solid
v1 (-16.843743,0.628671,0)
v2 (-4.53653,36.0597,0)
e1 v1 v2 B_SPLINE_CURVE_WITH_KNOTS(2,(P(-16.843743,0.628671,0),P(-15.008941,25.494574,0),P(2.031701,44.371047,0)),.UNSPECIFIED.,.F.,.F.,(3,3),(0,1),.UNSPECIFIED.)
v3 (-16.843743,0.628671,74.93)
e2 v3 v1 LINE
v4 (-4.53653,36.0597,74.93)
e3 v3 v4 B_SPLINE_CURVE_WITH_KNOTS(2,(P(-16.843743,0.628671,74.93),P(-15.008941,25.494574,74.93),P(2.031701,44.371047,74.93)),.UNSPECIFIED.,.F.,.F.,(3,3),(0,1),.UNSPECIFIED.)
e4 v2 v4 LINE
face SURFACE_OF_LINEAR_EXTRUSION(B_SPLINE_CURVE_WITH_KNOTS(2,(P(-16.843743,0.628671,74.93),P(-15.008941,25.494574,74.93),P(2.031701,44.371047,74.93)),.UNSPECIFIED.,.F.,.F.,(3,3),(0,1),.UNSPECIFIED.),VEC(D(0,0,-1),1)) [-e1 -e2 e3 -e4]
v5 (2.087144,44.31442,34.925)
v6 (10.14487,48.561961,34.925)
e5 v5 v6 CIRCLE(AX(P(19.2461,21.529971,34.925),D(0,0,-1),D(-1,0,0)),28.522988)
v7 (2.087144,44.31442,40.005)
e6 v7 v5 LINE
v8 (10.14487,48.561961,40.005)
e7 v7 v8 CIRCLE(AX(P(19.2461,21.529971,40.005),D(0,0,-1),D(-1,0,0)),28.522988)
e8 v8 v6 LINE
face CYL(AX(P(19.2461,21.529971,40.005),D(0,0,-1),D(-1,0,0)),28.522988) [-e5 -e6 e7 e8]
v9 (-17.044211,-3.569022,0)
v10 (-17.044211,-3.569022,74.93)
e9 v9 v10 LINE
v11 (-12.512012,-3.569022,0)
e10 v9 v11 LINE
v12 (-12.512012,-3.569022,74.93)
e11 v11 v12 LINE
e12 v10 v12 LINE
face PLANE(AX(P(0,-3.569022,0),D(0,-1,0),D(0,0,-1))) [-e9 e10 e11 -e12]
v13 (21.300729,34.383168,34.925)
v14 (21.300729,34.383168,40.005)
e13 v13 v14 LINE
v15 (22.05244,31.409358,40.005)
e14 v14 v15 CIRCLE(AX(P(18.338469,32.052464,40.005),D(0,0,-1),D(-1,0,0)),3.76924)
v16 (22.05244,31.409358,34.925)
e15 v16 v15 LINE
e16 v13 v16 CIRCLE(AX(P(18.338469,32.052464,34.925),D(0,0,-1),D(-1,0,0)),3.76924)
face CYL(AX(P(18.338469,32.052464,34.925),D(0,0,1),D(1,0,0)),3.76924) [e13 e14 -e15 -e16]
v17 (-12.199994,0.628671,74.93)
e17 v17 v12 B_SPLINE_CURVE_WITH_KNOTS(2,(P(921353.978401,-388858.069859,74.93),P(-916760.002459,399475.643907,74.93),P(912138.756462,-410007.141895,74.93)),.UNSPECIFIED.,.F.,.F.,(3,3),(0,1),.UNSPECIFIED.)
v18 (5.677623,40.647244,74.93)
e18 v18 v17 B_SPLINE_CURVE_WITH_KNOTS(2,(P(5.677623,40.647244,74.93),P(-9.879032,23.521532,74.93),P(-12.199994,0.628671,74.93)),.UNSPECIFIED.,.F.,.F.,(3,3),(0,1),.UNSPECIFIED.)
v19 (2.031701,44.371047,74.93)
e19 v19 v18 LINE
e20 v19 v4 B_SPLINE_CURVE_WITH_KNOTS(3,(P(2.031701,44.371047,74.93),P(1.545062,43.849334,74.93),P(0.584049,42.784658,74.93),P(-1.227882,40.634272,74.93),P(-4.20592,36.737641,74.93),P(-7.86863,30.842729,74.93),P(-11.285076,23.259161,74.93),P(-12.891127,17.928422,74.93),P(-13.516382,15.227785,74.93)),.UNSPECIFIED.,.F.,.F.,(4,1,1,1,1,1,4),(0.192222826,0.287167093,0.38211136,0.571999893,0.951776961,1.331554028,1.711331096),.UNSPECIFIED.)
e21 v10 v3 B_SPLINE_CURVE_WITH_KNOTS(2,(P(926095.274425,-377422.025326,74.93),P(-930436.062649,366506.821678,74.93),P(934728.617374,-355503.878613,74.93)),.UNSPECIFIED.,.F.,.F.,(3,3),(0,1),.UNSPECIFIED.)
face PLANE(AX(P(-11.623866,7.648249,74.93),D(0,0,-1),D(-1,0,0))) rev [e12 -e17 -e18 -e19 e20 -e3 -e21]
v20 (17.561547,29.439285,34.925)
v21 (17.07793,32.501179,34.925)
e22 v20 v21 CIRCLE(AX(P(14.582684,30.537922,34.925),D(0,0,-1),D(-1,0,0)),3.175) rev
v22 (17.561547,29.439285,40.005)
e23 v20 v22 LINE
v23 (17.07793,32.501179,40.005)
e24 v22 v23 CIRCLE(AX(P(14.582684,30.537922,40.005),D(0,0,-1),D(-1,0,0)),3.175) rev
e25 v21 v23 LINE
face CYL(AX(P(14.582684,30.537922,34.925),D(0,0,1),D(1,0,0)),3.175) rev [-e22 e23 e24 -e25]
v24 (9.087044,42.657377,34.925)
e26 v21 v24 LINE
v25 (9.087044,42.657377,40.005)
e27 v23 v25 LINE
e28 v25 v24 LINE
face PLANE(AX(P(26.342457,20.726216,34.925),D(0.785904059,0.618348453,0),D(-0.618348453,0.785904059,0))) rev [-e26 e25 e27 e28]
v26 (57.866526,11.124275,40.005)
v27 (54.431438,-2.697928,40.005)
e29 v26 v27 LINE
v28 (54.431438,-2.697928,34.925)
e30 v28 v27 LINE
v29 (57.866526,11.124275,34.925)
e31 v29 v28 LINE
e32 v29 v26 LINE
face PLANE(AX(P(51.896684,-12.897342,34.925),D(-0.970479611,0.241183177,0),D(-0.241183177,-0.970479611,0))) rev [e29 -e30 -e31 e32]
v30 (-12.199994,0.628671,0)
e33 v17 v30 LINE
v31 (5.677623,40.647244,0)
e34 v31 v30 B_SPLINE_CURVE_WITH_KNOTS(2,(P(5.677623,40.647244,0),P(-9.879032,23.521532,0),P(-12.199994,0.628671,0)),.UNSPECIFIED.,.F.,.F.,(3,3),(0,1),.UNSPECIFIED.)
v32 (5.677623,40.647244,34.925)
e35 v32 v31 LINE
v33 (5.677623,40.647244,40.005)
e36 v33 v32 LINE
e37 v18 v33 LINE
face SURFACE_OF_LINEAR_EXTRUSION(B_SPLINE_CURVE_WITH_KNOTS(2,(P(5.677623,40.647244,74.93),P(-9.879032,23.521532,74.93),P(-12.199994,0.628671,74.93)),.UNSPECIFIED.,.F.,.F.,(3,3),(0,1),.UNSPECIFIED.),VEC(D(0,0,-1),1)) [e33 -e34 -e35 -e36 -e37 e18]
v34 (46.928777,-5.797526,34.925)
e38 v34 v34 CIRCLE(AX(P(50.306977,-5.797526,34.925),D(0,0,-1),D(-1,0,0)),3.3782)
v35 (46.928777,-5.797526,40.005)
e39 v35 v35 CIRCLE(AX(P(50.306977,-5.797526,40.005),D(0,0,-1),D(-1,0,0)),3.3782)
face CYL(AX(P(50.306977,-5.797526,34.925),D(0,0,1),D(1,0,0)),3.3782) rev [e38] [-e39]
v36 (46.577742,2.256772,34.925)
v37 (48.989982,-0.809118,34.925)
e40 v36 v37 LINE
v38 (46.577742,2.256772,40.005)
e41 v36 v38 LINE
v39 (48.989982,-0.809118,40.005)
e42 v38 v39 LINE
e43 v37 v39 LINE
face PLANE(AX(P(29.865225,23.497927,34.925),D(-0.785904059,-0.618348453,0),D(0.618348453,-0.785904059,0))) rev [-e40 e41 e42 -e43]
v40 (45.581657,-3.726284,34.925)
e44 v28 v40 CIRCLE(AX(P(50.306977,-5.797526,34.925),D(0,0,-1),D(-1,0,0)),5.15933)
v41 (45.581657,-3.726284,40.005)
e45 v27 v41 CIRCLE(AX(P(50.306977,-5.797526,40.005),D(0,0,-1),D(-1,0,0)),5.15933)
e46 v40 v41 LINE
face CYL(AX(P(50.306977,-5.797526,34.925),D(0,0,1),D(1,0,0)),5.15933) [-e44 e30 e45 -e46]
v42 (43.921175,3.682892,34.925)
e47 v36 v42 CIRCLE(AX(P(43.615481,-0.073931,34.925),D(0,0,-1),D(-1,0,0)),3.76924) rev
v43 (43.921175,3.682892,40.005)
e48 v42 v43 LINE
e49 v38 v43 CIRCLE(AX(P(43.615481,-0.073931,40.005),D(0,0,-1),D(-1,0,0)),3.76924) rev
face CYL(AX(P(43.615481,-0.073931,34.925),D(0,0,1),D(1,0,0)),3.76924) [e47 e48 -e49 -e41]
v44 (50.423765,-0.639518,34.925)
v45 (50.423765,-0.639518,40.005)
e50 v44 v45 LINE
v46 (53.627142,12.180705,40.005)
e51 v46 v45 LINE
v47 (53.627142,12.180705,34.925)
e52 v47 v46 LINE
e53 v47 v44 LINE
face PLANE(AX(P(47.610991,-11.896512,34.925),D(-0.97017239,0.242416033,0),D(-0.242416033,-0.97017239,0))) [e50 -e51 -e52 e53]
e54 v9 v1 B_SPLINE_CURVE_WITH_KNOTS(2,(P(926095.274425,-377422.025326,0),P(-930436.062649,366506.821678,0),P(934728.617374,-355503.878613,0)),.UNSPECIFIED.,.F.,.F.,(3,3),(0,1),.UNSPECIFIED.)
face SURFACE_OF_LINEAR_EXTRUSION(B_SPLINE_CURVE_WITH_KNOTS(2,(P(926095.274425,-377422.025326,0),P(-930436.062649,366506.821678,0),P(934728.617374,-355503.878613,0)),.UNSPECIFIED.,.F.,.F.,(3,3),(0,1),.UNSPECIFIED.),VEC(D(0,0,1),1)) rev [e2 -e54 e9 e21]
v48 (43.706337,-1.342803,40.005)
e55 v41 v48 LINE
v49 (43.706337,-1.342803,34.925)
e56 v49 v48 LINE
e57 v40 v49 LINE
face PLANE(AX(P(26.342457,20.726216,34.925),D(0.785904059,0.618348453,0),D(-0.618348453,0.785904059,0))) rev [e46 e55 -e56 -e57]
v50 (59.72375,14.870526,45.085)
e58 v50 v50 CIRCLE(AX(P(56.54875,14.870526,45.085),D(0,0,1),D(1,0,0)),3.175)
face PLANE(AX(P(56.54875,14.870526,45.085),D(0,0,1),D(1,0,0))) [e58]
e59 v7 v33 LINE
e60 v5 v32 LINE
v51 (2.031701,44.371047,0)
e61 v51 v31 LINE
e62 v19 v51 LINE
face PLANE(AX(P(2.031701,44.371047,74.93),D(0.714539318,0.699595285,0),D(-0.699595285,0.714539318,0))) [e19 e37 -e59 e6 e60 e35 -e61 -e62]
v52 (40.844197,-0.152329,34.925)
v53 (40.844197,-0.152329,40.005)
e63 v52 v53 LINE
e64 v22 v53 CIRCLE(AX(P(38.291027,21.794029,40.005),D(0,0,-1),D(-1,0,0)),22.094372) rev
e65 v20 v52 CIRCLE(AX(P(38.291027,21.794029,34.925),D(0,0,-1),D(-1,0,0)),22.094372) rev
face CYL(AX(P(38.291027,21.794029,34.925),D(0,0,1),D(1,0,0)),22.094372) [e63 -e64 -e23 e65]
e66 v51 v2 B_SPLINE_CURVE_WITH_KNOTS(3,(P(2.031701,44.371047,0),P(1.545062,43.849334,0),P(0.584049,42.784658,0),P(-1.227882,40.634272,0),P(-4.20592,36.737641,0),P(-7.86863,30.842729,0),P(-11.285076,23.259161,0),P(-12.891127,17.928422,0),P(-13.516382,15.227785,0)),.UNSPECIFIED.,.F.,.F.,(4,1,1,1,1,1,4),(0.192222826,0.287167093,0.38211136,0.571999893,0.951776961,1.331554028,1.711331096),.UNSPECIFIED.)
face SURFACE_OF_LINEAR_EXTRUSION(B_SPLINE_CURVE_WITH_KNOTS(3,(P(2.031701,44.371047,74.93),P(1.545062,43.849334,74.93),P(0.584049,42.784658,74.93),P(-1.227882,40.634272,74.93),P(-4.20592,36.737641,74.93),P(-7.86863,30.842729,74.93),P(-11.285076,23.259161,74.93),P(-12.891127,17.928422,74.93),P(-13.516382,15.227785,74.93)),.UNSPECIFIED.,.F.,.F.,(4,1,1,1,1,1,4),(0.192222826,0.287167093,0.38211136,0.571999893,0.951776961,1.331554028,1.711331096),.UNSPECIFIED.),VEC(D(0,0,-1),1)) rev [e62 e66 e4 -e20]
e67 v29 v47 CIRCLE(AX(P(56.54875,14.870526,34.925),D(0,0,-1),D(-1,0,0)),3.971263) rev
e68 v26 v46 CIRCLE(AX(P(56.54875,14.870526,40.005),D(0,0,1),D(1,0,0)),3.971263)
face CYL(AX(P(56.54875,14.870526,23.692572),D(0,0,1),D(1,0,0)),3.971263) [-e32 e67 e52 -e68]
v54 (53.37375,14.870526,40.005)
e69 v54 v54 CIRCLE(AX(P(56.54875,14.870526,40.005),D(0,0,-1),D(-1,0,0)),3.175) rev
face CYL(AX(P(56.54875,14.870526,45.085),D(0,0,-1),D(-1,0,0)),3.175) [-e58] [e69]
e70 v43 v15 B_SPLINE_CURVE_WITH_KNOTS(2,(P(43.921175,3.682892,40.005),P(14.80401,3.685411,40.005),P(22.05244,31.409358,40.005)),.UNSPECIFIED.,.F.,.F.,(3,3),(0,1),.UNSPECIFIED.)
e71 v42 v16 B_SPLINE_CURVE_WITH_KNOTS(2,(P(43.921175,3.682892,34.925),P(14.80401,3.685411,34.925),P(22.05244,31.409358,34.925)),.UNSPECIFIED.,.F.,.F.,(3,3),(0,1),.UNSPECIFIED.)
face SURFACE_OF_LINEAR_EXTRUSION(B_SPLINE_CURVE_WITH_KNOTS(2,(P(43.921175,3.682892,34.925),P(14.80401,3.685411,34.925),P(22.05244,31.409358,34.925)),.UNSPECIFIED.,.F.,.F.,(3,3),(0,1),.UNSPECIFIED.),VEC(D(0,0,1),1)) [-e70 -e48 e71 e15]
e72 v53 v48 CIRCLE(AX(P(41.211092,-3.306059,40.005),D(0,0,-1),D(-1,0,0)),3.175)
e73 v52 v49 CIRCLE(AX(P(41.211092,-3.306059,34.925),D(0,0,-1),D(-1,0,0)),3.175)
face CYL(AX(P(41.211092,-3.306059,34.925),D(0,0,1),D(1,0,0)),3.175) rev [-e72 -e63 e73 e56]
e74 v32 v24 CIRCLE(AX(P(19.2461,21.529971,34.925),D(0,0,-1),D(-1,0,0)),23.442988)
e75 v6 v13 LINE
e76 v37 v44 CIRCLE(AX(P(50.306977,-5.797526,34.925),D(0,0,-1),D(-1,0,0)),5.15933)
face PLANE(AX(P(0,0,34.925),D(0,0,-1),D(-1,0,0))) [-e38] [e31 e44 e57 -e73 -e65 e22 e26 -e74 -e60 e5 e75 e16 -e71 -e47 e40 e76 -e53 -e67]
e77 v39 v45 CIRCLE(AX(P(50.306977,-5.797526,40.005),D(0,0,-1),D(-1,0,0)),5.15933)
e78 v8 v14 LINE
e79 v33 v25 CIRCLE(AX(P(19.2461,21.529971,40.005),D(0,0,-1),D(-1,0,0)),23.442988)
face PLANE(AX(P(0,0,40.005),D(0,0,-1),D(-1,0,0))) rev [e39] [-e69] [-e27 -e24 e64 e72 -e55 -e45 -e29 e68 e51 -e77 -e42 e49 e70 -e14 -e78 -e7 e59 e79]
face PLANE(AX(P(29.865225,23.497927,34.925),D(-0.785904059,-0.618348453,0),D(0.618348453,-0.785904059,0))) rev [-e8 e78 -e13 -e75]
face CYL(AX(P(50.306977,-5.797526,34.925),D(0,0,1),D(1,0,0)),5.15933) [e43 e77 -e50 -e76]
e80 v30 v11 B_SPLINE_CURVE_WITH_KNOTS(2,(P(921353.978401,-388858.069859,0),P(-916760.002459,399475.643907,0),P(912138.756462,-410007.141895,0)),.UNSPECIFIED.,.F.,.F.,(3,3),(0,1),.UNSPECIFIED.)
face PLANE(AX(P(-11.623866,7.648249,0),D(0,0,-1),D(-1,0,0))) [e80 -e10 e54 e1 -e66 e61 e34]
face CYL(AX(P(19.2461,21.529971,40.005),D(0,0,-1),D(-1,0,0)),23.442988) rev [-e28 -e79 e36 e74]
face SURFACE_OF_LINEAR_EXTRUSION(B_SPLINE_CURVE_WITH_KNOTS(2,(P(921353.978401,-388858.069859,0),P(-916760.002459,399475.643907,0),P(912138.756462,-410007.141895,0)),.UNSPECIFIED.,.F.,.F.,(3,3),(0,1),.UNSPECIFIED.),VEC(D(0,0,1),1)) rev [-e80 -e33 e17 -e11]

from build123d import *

# Parameters (mm, degrees)
BOSS_EXTRUDE1_DEPTH      = 74.93
BOSS_EXTRUDE4_DEPTH      = 2.54
BOSS_EXTRUDE4_DEPTH_BACK = 2.54
BOSS_EXTRUDE6_DEPTH      = 74.93
BOSS_EXTRUDE7_DEPTH      = 74.93
SKETCH11_R               = 3.3782
BOSS_EXTRUDE8_DEPTH      = 2.54
SKETCH13_R               = 3.971263101
BOSS_EXTRUDE10_DEPTH     = 5.08
SKETCH12_R               = 3.175
BOSS_EXTRUDE9_DEPTH      = 5.08


with BuildPart() as part:
    # Sketch1 → Boss-Extrude1 (new body)
    with BuildSketch(Plane.XY):
        with BuildLine():
            Line((-16.295773791, 0.624640473), (-12.907508233, 0.624640473))
            Line((-12.907508233, 0.624640473), (-12.443267089, 3.164640473))
            add(Edge.make_bspline(
                [(-12.443267089, 3.164640473), (-12.30668745, 3.911907895), (-11.89696139, 6.153716378), (-11.35075536, 9.142778811), (-10.941162808, 11.384616955), (-10.804635025, 12.131895145)],
                knots=[0.002076118, 0.002076118, 0.002076118, 0.002076118, 0.004355051, 0.008912916, 0.011191849, 0.011191849, 0.011191849, 0.011191849], degree=3))
            add(Edge.make_bspline(
                [(-10.804635025, 12.131895145), (-10.131787944, 14.813925559), (-8.428636773, 20.08894476), (-4.769918918, 27.602373316), (-0.882056925, 33.370017928), (2.696640916, 37.629074894), (4.663596703, 39.6688962), (5.677623009, 40.647244333)],
                knots=[-0.595137067, -0.595137067, -0.595137067, -0.595137067, -0.254899084, 0.0853389, 0.425576884, 0.595695875, 0.765814867, 0.765814867, 0.765814867, 0.765814867], degree=3))
            Line((5.677623009, 40.647244333), (2.03170084, 44.371046934))
            add(Edge.make_bspline(
                [(2.03170084, 44.371046934), (1.545061943, 43.849333503), (0.584048879, 42.784657511), (-1.227882281, 40.634272171), (-4.205920413, 36.737641226), (-7.868630072, 30.842728735), (-11.285075765, 23.259160615), (-12.891126954, 17.928422411), (-13.516382283, 15.22778531)],
                knots=[0.192222826, 0.192222826, 0.192222826, 0.192222826, 0.287167093, 0.38211136, 0.571999893, 0.951776961, 1.331554028, 1.711331096, 1.711331096, 1.711331096, 1.711331096], degree=3))
            add(Edge.make_bspline(
                [(-13.516382283, 15.22778531), (-13.707651088, 14.222513225), (-14.09021448, 12.211975656), (-14.664139503, 9.196174334), (-15.238140346, 6.180406911), (-15.620861993, 4.169893716), (-15.812232602, 3.164640473)],
                knots=[-0.00268258, -0.00268258, -0.00268258, -0.00268258, 0.000387339, 0.003457258, 0.006527177, 0.009597097, 0.009597097, 0.009597097, 0.009597097], degree=3))
            Line((-15.812232602, 3.164640473), (-16.295773791, 0.624640473))
        make_face()
    extrude(amount=BOSS_EXTRUDE1_DEPTH)

    # Sketch4 → Boss-Extrude4 (add, two sides: drawn at the far end of the back side and taken through both)
    with BuildSketch(Plane(origin=(0, 0, 37.465), x_dir=(-1, 0, 0), z_dir=(0, 0, -1)).offset(-BOSS_EXTRUDE4_DEPTH_BACK)):
        with BuildLine():
            Line((-5.677623009, 40.647244333), (-2.087143894, 44.314419562))
            ThreePointArc((-2.087143894, 44.314419562), (-5.945357936, 46.761917563), (-10.144870483, 48.561961011))
            Line((-10.144870483, 48.561961011), (-12.342217859, 43.933321468))
            ThreePointArc((-12.342217859, 43.933321468), (-8.878894593, 42.556020468), (-5.677623009, 40.647244333))
        make_face()
    extrude(amount=BOSS_EXTRUDE4_DEPTH + BOSS_EXTRUDE4_DEPTH_BACK)

    # Sketch8 → Boss-Extrude6 (add)
    with BuildSketch(Plane(origin=(0, 0, 0), x_dir=(-1, 0, 0), z_dir=(0, 0, -1))):
        with BuildLine():
            Line((12.199993526, 0.628671187), (16.843743367, 0.628671187))
            add(Edge.make_bspline(
                [(-2.03170084, 44.371046934), (15.008940659, 25.494574417), (16.843743367, 0.628671187)],
                knots=[0, 0, 0, 1, 1, 1], degree=2))
            Line((-2.03170084, 44.371046934), (-5.677623009, 40.647244333))
            add(Edge.make_bspline(
                [(-5.677623009, 40.647244333), (9.879032096, 23.52153238), (12.199993526, 0.628671187)],
                knots=[0, 0, 0, 1, 1, 1], degree=2))
        make_face()
    extrude(amount=-BOSS_EXTRUDE6_DEPTH)

    # Sketch10 → Boss-Extrude7 (add)
    with BuildSketch(Plane.XY.offset(74.93)):
        with BuildLine():
            add(Edge.make_bspline(
                [(-17.044210577, -3.569022053), (-16.99706974, -1.449262713), (-16.843743367, 0.628671187)],
                knots=[0, 0, 0, 1, 1, 1], degree=2))
            Line((-16.843743367, 0.628671187), (-16.295006462, 0.628671187))
            Line((-16.295006462, 0.628671187), (-16.295773791, 0.624640473))
            Line((-16.295773791, 0.624640473), (-12.907508233, 0.624640473))
            Line((-12.907508233, 0.624640473), (-12.906771531, 0.628671187))
            Line((-12.906771531, 0.628671187), (-12.199993526, 0.628671187))
            add(Edge.make_bspline(
                [(-12.199993526, 0.628671187), (-12.410380076, -1.44648182), (-12.512012235, -3.569022053)],
                knots=[0, 0, 0, 1, 1, 1], degree=2))
            Line((-12.512012235, -3.569022053), (-17.044210577, -3.569022053))
        make_face()
    extrude(amount=-BOSS_EXTRUDE7_DEPTH)

    # Sketch11 → Boss-Extrude8 (add, symmetric)
    with BuildSketch(Plane(origin=(0, 0, 37.465), x_dir=(-1, 0, 0), z_dir=(0, 0, -1))):
        with BuildLine():
            Line((-6.661684739, 45.739942581), (-10.144870483, 48.561961011))
            Line((-10.144870483, 48.561961011), (-21.30072948, 34.383167777))
            ThreePointArc((-21.30072948, 34.383167777), (-21.992768178, 32.976186787), (-22.052439991, 31.409358033))
            add(Edge.make_bspline(
                [(-43.921175132, 3.682891736), (-14.804010115, 3.685410597), (-22.052439991, 31.409358033)],
                knots=[0, 0, 0, 1, 1, 1], degree=2))
            ThreePointArc((-43.921175132, 3.682891736), (-45.398270297, 3.247037241), (-46.577742371, 2.256772178))
            Line((-46.577742371, 2.256772178), (-48.989981542, -0.809118172))
            ThreePointArc((-48.989981542, -0.809118172), (-49.700911454, -0.673916534), (-50.423765203, -0.639517698))
            Line((-50.423765203, -0.639517698), (-54.431438085, 15.399576445))
            ThreePointArc((-54.431438085, 15.399576445), (-57.076455171, 16.988173168), (-58.666731899, 14.344165819))
            Line((-58.666731899, 14.344165819), (-54.431438085, -2.697927839))
            ThreePointArc((-54.431438085, -2.697927839), (-50.902490469, -10.922372789), (-45.581657306, -3.726283541))
            Line((-45.581657306, -3.726283541), (-43.706337234, -1.342802757))
            ThreePointArc((-43.706337234, -1.342802757), (-42.430425985, -0.374532318), (-40.844196848, -0.152329073))
            ThreePointArc((-40.844196848, -0.152329073), (-20.926969962, 8.132007566), (-17.561546975, 29.439285396))
            ThreePointArc((-17.561546975, 29.439285396), (-17.718806517, 31.033263625), (-17.077929798, 32.501178536))
            Line((-17.077929798, 32.501178536), (-11.948808892, 39.020151644))
            Line((-11.948808892, 39.020151644), (-6.661684739, 45.739942581))
        make_face()
        with Locations((-50.306976812, -5.797526095)):
            Circle(SKETCH11_R, mode=Mode.SUBTRACT)
    extrude(amount=BOSS_EXTRUDE8_DEPTH, both=True)

    # Sketch13 → Boss-Extrude10 (add)
    with BuildSketch(Plane.XY.offset(40.005)):
        with Locations((56.548749752, 14.870525834)):
            Circle(SKETCH13_R)
    extrude(amount=-BOSS_EXTRUDE10_DEPTH)

    # Sketch12 → Boss-Extrude9 (add)
    with BuildSketch(Plane.XY.offset(40.005)):
        with Locations(Location((56.548749752, 14.870525834, 0), (0, 0, 180))):
            Circle(SKETCH12_R)
    extrude(amount=BOSS_EXTRUDE9_DEPTH)


solid = part.part
